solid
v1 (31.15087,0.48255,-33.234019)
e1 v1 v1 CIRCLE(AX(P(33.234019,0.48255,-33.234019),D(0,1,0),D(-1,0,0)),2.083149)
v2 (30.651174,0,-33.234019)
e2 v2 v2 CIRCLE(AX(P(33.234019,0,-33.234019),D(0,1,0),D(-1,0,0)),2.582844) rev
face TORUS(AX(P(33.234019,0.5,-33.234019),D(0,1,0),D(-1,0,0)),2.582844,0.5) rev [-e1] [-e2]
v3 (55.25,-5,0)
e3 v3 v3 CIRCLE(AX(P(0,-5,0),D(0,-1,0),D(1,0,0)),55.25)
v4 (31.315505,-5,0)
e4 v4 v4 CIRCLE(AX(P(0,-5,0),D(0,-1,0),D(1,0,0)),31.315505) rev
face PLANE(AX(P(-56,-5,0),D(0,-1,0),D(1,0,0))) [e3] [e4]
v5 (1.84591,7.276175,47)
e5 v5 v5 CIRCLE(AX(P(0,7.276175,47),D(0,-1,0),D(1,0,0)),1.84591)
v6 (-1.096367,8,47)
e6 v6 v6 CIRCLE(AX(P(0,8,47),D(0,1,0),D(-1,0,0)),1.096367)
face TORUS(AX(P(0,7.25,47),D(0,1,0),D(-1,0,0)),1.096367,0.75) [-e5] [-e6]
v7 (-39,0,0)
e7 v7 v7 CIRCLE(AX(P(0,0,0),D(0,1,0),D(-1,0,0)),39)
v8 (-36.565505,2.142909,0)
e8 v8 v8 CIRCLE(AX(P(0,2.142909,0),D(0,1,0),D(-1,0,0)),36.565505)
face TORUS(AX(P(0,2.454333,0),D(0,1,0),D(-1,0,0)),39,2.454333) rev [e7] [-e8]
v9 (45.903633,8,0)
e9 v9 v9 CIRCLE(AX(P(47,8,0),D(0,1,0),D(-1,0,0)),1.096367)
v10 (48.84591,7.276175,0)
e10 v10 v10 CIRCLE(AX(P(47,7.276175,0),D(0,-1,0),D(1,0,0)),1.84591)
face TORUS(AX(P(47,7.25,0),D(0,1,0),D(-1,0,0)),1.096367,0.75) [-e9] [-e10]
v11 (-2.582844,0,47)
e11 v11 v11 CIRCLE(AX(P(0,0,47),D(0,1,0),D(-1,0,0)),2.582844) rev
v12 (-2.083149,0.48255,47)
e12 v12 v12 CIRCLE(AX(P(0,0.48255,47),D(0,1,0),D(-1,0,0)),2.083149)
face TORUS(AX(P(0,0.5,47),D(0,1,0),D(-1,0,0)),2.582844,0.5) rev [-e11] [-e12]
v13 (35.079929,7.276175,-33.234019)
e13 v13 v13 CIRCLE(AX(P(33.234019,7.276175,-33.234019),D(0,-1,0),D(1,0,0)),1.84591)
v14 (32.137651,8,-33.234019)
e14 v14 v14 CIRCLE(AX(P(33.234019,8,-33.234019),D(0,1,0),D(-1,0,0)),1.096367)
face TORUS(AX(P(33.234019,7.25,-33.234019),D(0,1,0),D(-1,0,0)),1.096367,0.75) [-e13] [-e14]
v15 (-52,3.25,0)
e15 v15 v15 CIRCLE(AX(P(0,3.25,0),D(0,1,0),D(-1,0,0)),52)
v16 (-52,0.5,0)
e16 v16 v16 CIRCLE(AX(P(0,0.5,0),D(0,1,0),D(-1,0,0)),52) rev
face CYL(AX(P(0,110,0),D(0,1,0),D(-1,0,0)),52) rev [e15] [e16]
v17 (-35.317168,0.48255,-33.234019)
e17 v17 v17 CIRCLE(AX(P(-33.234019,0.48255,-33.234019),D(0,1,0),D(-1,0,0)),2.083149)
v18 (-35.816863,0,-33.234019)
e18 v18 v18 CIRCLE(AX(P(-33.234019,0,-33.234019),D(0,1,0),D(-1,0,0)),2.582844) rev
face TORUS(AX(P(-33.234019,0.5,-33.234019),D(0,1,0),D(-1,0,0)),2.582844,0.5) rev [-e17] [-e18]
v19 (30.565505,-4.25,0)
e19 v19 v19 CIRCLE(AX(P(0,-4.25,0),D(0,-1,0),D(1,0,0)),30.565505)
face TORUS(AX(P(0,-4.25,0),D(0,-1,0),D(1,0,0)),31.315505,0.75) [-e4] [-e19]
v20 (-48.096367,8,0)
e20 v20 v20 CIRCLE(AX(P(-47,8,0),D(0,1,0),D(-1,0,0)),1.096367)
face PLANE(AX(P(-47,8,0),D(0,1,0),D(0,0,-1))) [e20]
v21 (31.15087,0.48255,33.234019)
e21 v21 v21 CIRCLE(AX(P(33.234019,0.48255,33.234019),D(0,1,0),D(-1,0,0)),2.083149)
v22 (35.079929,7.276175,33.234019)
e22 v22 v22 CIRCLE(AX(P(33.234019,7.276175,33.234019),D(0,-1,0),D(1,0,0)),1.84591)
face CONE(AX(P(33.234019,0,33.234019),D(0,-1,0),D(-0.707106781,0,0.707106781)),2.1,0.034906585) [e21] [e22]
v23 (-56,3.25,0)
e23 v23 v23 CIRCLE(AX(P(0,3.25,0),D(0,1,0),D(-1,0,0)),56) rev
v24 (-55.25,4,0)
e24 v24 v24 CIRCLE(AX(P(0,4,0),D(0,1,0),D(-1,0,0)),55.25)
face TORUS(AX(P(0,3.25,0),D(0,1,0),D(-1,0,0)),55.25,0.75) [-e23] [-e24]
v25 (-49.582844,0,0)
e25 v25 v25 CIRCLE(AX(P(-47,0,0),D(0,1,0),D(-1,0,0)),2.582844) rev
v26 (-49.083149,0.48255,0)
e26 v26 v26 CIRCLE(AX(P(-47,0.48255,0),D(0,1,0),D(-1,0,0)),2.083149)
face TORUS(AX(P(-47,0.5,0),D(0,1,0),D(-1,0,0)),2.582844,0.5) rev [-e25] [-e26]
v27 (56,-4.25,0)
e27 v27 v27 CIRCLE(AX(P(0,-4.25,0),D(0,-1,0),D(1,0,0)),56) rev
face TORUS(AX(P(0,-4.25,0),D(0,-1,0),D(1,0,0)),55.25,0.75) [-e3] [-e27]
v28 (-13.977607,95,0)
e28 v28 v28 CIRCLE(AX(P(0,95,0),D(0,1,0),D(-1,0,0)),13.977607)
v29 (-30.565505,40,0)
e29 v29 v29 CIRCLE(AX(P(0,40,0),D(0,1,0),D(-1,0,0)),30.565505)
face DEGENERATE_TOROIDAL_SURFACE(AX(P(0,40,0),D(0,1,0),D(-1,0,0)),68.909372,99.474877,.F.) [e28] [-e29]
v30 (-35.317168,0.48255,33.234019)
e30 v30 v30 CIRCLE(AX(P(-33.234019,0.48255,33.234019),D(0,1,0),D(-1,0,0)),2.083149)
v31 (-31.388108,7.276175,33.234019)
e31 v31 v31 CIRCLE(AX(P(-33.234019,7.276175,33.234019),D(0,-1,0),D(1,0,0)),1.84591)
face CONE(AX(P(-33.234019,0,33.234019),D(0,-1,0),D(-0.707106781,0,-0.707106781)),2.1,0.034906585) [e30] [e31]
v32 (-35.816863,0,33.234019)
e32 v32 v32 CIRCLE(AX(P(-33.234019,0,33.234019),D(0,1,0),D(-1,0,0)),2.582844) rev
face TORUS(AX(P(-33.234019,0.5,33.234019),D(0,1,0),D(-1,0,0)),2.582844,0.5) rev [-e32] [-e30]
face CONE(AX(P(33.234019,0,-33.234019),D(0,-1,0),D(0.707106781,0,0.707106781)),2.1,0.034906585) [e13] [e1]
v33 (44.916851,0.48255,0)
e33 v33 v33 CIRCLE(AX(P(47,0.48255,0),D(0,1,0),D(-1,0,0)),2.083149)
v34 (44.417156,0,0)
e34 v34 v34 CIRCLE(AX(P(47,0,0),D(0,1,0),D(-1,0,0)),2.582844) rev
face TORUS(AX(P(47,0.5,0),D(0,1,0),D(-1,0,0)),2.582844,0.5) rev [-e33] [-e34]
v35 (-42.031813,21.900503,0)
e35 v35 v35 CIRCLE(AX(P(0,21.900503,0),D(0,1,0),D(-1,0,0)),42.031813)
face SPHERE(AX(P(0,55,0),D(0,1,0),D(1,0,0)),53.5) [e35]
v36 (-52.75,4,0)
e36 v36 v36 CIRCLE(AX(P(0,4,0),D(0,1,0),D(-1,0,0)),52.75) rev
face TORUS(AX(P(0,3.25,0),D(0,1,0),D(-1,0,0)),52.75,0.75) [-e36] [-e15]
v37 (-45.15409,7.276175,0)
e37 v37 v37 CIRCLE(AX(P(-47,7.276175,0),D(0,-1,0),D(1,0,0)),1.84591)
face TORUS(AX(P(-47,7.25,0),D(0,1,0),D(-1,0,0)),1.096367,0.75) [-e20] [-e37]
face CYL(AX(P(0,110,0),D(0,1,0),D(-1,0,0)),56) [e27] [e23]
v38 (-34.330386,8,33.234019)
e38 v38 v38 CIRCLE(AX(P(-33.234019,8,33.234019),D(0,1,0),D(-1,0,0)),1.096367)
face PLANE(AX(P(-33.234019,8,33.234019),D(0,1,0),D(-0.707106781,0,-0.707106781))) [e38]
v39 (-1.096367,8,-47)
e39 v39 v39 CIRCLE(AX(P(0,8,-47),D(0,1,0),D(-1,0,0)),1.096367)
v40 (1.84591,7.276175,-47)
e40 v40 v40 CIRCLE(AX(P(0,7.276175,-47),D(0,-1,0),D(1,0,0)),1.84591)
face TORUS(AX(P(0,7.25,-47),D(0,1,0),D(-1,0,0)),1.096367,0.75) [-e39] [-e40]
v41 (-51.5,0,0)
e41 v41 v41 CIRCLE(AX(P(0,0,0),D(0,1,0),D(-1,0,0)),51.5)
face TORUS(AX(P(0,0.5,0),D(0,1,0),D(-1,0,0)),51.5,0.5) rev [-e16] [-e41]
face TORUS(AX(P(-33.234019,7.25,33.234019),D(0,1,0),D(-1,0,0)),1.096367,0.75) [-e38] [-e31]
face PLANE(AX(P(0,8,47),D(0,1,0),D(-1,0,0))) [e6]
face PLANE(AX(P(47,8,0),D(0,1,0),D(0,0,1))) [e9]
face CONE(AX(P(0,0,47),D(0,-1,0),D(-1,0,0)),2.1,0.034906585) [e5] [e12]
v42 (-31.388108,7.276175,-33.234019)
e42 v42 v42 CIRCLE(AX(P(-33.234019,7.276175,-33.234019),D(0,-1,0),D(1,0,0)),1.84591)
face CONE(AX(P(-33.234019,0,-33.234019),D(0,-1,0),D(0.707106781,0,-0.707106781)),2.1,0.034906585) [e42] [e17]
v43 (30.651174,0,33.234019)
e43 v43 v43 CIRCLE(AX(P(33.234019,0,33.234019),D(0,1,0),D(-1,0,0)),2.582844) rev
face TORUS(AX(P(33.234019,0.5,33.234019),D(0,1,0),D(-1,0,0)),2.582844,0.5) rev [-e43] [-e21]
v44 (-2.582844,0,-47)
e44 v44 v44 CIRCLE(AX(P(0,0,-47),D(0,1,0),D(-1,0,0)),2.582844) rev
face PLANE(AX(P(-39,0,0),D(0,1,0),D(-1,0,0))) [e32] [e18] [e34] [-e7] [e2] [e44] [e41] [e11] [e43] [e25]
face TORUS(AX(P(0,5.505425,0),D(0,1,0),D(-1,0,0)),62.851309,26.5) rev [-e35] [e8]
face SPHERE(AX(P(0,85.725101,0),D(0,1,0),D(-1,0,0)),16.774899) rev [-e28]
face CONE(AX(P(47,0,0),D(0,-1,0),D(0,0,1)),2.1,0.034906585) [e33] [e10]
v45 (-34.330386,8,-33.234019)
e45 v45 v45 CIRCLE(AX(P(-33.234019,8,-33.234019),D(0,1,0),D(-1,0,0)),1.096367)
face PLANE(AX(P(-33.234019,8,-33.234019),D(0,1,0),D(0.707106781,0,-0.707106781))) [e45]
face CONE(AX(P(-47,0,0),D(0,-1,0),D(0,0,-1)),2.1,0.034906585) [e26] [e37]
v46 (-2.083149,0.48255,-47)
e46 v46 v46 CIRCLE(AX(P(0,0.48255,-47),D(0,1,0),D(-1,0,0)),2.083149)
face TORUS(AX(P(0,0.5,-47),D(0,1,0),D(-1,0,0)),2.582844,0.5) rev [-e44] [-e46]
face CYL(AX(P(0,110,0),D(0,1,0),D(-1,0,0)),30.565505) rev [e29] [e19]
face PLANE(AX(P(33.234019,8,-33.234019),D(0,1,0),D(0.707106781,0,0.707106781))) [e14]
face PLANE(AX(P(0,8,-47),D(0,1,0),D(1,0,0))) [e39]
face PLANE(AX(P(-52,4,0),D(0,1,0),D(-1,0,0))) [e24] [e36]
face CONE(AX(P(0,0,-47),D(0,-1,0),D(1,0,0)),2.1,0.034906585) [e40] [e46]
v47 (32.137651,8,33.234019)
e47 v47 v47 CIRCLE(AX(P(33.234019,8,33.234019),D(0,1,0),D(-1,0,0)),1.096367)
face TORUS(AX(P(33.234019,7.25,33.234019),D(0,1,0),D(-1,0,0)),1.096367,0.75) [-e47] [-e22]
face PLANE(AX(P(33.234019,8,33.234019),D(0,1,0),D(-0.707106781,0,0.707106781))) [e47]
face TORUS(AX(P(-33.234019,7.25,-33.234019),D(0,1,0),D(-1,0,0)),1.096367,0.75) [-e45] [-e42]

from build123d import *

# Parameters (mm, degrees)
SKETCH2_R                = 2.1
BOSS_EXTRUDE1_DEPTH      = 8
BOSS_EXTRUDE1_TAPER      = 2
FILLET1_R                = 0.75
CIRPATTERN1_COUNT        = 8
FILLET1_OF_CIRPATTERN1_R = 0.75
FILLET2_R                = 0.75
FILLET3_R                = 0.5


with BuildPart() as part:
    # Sketch1 → Revolve1 (revolve)
    with BuildSketch(Plane.XY):
        with BuildLine():
            Line((-39, 0), (-52, 0))
            Line((-52, 0), (-52, 4))
            Line((-52, 4), (-56, 4))
            Line((-56, 4), (-56, -5))
            Line((-56, -5), (-30.56550542, -5))
            Line((-30.56550542, -5), (-30.56550542, 40))
            ThreePointArc((-30.56550542, 40), (-26.328286721, 68.723502511), (-13.977606636, 95))
            ThreePointArc((-13.977606636, 95), (-7.931322199, 100.506554421), (0, 102.5))
            Line((0, 102.5), (0, 108.5))
            ThreePointArc((0, 108.5), (-48.130411806, 78.360510683), (-42.031813053, 21.900503154))
            ThreePointArc((-42.031813053, 21.900503154), (-37.310793256, 12.571686196), (-36.56550542, 2.142908712))
            ThreePointArc((-36.56550542, 2.142908712), (-37.378363357, 0.612039691), (-39, 0))
        make_face()
    revolve(axis=Axis((0, 110, 0), (0, -1, 0)))

    # Sketch2 → Boss-Extrude1 (add)
    with BuildSketch(Plane(origin=(0, 0, 0), x_dir=(-1, 0, 0), z_dir=(0, 1, 0))):
        with Locations((0, 47)):
            Circle(SKETCH2_R)
    boss_extrude1 = extrude(amount=BOSS_EXTRUDE1_DEPTH, taper=BOSS_EXTRUDE1_TAPER)

    # Fillet1
    fillet1_edges = [part.edges().sort_by_distance(p)[0] for p in [
        (1.820633844, 8, 47),
    ]]
    fillet(fillet1_edges, radius=FILLET1_R)

    # CirPattern1: Boss-Extrude1 ×8 about axis
    cirpattern1_axis = Axis((0, 0, 0), (0, 1, 0))
    for i in range(1, CIRPATTERN1_COUNT):
        add(boss_extrude1.rotate(cirpattern1_axis, i * 360 / CIRPATTERN1_COUNT))

    # Fillet1 of CirPattern1
    fillet1_of_cirpattern1_edges = [part.edges().sort_by_distance(p)[0] for p in [
        (34.521401253, 8, 31.946636179),
        (47, 8, -1.820633844),
        (31.946636179, 8, -34.521401253),
        (-1.820633844, 8, -47),
        (-34.521401253, 8, -31.946636179),
        (-47, 8, 1.820633844),
        (-31.946636179, 8, 34.521401253),
    ]]
    fillet(fillet1_of_cirpattern1_edges, radius=FILLET1_OF_CIRPATTERN1_R)

    # Fillet2
    fillet2_edges = [part.edges().sort_by_distance(p)[0] for p in [
        (56, -5, 0),
        (30.56550542, -5, 0),
        (52, 4, 0),
        (56, 4, 0),
    ]]
    fillet(fillet2_edges, radius=FILLET2_R)

    # Fillet3
    fillet3_edges = [part.edges().sort_by_distance(p)[0] for p in [
        (2.1, 0, 47),
        (34.718942956, 0, 31.749094475),
        (47, 0, -2.1),
        (31.749094475, 0, -34.718942956),
        (-2.1, 0, -47),
        (-34.718942956, 0, -31.749094475),
        (-47, 0, 2.1),
        (-31.749094475, 0, 34.718942956),
        (52, 0, 0),
    ]]
    fillet(fillet3_edges, radius=FILLET3_R)


solid = part.part
